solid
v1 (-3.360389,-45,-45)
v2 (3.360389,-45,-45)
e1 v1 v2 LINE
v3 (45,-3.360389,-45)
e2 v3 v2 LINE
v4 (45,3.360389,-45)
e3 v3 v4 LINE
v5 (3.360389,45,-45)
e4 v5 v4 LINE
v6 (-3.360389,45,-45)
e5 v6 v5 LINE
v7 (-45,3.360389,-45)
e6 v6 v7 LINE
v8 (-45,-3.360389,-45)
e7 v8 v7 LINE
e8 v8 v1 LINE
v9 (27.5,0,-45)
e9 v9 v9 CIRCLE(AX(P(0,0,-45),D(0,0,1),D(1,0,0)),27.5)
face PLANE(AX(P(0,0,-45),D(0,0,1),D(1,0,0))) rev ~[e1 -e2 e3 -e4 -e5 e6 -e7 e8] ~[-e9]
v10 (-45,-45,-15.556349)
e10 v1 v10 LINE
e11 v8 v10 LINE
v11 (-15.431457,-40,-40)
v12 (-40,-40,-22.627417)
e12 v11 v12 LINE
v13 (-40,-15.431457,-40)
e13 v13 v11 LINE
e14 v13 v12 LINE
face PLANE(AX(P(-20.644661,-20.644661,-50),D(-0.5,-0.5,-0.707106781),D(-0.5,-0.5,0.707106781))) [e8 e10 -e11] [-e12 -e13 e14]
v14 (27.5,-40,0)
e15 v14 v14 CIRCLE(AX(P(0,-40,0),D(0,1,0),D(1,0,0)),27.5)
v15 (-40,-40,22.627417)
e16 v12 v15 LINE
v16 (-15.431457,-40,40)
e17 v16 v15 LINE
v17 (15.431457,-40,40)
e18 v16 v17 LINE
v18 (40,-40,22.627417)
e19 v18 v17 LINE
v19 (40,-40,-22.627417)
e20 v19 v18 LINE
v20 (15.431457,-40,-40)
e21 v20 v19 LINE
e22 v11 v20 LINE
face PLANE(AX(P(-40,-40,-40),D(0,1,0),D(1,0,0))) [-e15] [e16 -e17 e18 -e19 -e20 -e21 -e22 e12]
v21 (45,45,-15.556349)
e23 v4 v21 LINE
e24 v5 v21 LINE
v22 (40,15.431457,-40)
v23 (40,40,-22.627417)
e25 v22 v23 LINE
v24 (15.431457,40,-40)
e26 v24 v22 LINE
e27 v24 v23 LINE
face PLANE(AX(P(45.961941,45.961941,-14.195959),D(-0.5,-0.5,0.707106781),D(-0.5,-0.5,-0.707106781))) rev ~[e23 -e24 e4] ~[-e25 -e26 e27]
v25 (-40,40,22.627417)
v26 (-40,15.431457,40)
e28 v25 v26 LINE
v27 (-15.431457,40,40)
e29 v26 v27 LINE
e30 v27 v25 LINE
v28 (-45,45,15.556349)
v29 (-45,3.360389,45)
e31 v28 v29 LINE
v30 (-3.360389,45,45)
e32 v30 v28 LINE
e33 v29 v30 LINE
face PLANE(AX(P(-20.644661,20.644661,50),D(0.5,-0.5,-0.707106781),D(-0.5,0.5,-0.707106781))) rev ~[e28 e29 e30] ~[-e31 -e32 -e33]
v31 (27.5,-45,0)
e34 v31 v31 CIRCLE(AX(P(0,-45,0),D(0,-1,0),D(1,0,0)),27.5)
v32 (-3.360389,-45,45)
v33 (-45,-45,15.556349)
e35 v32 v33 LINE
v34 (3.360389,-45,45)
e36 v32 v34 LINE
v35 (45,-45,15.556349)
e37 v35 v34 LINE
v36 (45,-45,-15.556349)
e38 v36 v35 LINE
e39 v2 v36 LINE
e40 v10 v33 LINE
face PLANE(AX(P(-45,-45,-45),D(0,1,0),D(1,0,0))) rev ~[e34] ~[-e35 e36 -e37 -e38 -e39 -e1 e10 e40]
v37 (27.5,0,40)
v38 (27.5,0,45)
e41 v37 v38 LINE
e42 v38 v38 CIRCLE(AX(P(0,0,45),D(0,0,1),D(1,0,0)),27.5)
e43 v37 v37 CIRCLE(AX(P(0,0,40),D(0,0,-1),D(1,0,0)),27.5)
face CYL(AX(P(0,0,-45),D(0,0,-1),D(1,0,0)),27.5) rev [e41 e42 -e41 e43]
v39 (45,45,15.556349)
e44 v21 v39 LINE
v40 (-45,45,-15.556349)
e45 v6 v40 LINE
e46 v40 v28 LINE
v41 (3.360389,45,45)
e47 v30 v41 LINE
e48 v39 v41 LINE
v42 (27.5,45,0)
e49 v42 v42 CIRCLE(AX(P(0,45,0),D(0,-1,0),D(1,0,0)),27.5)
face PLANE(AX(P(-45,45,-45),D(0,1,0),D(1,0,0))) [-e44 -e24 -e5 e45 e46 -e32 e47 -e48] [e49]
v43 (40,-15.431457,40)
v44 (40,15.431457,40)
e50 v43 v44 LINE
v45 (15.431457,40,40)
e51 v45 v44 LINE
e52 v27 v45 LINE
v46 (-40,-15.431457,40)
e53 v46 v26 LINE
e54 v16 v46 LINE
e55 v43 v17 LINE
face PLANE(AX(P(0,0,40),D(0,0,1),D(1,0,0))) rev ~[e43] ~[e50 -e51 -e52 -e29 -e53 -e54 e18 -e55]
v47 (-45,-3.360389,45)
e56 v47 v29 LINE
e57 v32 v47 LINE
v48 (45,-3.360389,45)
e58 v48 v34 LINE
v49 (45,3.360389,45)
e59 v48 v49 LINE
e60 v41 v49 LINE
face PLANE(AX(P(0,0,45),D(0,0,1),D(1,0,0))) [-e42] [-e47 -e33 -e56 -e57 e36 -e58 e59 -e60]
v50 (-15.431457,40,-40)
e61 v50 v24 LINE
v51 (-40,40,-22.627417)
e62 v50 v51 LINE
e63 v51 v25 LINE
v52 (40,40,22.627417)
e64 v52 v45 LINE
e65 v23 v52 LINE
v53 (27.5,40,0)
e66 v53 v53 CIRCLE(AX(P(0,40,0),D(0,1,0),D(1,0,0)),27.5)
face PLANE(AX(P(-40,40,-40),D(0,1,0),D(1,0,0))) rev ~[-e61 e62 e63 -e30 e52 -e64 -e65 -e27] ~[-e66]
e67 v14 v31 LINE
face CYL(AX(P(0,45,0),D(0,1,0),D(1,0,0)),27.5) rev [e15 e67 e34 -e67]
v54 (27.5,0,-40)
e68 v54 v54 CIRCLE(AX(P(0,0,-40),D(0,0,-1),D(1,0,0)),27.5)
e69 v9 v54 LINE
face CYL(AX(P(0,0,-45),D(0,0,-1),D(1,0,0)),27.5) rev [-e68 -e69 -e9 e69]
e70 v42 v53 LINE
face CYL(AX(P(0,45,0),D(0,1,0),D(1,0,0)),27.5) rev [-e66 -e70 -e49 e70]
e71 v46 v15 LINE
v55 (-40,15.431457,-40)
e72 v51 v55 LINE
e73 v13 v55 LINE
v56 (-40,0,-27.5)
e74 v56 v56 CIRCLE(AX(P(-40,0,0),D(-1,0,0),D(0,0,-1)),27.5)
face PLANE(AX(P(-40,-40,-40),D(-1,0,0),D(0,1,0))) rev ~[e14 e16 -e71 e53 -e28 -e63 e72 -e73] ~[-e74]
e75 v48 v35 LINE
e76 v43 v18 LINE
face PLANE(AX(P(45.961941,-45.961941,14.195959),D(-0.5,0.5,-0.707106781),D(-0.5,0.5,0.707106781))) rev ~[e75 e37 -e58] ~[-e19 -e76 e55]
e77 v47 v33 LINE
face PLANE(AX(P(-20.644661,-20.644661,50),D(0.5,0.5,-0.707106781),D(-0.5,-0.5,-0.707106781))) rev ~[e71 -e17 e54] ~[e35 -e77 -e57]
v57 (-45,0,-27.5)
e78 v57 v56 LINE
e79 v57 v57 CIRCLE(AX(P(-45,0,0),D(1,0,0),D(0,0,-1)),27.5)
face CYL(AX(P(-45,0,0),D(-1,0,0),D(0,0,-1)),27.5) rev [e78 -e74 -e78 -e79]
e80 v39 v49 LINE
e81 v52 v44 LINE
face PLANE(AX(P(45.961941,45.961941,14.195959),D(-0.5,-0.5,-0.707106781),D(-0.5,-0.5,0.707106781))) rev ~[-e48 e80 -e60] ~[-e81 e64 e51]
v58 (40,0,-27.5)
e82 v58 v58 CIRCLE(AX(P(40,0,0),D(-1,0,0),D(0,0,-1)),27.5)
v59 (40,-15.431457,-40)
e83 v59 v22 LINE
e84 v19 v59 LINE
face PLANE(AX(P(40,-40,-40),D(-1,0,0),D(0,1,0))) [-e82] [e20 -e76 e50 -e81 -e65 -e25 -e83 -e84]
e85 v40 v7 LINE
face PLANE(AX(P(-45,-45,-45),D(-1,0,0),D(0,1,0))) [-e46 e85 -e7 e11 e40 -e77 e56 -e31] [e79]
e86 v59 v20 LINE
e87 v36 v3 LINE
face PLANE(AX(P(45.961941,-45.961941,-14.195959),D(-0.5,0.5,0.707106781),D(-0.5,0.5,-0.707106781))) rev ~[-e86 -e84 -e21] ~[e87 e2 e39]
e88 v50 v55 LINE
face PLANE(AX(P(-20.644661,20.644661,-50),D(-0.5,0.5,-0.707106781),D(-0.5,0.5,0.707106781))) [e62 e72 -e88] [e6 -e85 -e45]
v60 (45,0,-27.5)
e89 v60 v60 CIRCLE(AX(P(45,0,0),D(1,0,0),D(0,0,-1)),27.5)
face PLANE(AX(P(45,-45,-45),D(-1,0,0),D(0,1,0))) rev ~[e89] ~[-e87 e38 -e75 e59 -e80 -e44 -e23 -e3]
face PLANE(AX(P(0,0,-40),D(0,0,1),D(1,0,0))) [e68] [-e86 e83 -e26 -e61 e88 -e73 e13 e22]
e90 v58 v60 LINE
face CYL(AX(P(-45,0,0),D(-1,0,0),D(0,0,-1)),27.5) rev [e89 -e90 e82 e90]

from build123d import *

# Parameters (mm, degrees)
PAD001_DEPTH            = 35
PAD_DEPTH               = 35
CYLINDER002_R           = 27.5
CYLINDER002_DEPTH       = 90
CYLINDER002_PITCH_ANGLE = 90
CYLINDER001_R           = 27.5
CYLINDER001_DEPTH       = 90
CYLINDER001_ROLL_ANGLE  = 90
CYLINDER_R              = 27.5
CYLINDER_DEPTH          = 90
BOX001_W                = 80
BOX001_H                = 80
BOX001_DEPTH            = 80
BOX_W                   = 90
BOX_H                   = 90
BOX_DEPTH               = 90


with BuildPart() as pad001:
    # Sketch001 → Pad001 (new body, symmetric)
    with BuildSketch(Plane(origin=(0, 0, 0), x_dir=(0.707107, -0.707107, 0), z_dir=(-0.707107, -0.707107, 0))):
        Polygon((-65, 14.195959), (-65, 50), (-29.195959, 50), align=None)
        Polygon((29.195959, 50), (65, 50), (65, 14.195959), align=None)
        Polygon((-65, -14.195959), (-65, -50), (-29.195959, -50), align=None)
        Polygon((29.195959, -50), (65, -50), (65, -14.195959), align=None)
    extrude(amount=PAD001_DEPTH, both=True)


with BuildPart() as pad:
    # Sketch → Pad (new body, symmetric)
    with BuildSketch(Plane(origin=(0, 0, 0), x_dir=(0.707107, 0.707107, 0), z_dir=(0.707107, -0.707107, 0))):
        Polygon((-65, 14.195959), (-65, 50), (-29.195959, 50), align=None)
        Polygon((29.195959, 50), (65, 50), (65, 14.195959), align=None)
        Polygon((-65, -14.195959), (-65, -50), (-29.195959, -50), align=None)
        Polygon((29.195959, -50), (65, -50), (65, -14.195959), align=None)
    extrude(amount=PAD_DEPTH, both=True)


with BuildPart() as cylinder002:
    # Cylinder002 → Cylinder002 (new body)
    with BuildSketch(Plane.XY):
        Circle(CYLINDER002_R)
    extrude(amount=CYLINDER002_DEPTH)


with BuildPart() as cylinder002_1:
    # Cylinder002 pitch: moved
    add(cylinder002.part.rotate(Axis((0, 0, 0), (0, 1, 0)), CYLINDER002_PITCH_ANGLE))


with BuildPart() as cylinder002_2:
    # Cylinder002 placement: moved
    add(cylinder002_1.part.moved(Location((-45, 0, 0))))


with BuildPart() as cylinder001:
    # Cylinder001 → Cylinder001 (new body)
    with BuildSketch(Plane.XY):
        Circle(CYLINDER001_R)
    extrude(amount=CYLINDER001_DEPTH)


with BuildPart() as cylinder001_1:
    # Cylinder001 roll: moved
    add(cylinder001.part.rotate(Axis((0, 0, 0), (1, 0, 0)), CYLINDER001_ROLL_ANGLE))


with BuildPart() as cylinder001_2:
    # Cylinder001 placement: moved
    add(cylinder001_1.part.moved(Location((0, 45, 0))))


with BuildPart() as cylinder:
    # Cylinder → Cylinder (new body)
    with BuildSketch(Plane.XY.offset(-45)):
        Circle(CYLINDER_R)
    extrude(amount=CYLINDER_DEPTH)


with BuildPart() as cubo_interno:
    # Box001 → Box001 (new body)
    with BuildSketch(Plane(origin=(-40, -40, -40), x_dir=(1, 0, 0), z_dir=(0, 0, 1))):
        with Locations((40, 40)):
            Rectangle(BOX001_W, BOX001_H)
    extrude(amount=BOX001_DEPTH)


with BuildPart() as cut005:
    # Box → Box (new body)
    with BuildSketch(Plane(origin=(-45, -45, -45), x_dir=(1, 0, 0), z_dir=(0, 0, 1))):
        with Locations((45, 45)):
            Rectangle(BOX_W, BOX_H)
    extrude(amount=BOX_DEPTH)

    # Cut: cut Cubo Interno
    add(cubo_interno.part, mode=Mode.SUBTRACT)

    # Cut001: cut Cylinder
    add(cylinder.part, mode=Mode.SUBTRACT)

    # Cut002: cut Cylinder001
    add(cylinder001_2.part, mode=Mode.SUBTRACT)

    # Cut003: cut Cylinder002
    add(cylinder002_2.part, mode=Mode.SUBTRACT)

    # Cut004: cut Pad
    add(pad.part, mode=Mode.SUBTRACT)

    # Cut005: cut Pad001
    add(pad001.part, mode=Mode.SUBTRACT)


solid = cut005.part
